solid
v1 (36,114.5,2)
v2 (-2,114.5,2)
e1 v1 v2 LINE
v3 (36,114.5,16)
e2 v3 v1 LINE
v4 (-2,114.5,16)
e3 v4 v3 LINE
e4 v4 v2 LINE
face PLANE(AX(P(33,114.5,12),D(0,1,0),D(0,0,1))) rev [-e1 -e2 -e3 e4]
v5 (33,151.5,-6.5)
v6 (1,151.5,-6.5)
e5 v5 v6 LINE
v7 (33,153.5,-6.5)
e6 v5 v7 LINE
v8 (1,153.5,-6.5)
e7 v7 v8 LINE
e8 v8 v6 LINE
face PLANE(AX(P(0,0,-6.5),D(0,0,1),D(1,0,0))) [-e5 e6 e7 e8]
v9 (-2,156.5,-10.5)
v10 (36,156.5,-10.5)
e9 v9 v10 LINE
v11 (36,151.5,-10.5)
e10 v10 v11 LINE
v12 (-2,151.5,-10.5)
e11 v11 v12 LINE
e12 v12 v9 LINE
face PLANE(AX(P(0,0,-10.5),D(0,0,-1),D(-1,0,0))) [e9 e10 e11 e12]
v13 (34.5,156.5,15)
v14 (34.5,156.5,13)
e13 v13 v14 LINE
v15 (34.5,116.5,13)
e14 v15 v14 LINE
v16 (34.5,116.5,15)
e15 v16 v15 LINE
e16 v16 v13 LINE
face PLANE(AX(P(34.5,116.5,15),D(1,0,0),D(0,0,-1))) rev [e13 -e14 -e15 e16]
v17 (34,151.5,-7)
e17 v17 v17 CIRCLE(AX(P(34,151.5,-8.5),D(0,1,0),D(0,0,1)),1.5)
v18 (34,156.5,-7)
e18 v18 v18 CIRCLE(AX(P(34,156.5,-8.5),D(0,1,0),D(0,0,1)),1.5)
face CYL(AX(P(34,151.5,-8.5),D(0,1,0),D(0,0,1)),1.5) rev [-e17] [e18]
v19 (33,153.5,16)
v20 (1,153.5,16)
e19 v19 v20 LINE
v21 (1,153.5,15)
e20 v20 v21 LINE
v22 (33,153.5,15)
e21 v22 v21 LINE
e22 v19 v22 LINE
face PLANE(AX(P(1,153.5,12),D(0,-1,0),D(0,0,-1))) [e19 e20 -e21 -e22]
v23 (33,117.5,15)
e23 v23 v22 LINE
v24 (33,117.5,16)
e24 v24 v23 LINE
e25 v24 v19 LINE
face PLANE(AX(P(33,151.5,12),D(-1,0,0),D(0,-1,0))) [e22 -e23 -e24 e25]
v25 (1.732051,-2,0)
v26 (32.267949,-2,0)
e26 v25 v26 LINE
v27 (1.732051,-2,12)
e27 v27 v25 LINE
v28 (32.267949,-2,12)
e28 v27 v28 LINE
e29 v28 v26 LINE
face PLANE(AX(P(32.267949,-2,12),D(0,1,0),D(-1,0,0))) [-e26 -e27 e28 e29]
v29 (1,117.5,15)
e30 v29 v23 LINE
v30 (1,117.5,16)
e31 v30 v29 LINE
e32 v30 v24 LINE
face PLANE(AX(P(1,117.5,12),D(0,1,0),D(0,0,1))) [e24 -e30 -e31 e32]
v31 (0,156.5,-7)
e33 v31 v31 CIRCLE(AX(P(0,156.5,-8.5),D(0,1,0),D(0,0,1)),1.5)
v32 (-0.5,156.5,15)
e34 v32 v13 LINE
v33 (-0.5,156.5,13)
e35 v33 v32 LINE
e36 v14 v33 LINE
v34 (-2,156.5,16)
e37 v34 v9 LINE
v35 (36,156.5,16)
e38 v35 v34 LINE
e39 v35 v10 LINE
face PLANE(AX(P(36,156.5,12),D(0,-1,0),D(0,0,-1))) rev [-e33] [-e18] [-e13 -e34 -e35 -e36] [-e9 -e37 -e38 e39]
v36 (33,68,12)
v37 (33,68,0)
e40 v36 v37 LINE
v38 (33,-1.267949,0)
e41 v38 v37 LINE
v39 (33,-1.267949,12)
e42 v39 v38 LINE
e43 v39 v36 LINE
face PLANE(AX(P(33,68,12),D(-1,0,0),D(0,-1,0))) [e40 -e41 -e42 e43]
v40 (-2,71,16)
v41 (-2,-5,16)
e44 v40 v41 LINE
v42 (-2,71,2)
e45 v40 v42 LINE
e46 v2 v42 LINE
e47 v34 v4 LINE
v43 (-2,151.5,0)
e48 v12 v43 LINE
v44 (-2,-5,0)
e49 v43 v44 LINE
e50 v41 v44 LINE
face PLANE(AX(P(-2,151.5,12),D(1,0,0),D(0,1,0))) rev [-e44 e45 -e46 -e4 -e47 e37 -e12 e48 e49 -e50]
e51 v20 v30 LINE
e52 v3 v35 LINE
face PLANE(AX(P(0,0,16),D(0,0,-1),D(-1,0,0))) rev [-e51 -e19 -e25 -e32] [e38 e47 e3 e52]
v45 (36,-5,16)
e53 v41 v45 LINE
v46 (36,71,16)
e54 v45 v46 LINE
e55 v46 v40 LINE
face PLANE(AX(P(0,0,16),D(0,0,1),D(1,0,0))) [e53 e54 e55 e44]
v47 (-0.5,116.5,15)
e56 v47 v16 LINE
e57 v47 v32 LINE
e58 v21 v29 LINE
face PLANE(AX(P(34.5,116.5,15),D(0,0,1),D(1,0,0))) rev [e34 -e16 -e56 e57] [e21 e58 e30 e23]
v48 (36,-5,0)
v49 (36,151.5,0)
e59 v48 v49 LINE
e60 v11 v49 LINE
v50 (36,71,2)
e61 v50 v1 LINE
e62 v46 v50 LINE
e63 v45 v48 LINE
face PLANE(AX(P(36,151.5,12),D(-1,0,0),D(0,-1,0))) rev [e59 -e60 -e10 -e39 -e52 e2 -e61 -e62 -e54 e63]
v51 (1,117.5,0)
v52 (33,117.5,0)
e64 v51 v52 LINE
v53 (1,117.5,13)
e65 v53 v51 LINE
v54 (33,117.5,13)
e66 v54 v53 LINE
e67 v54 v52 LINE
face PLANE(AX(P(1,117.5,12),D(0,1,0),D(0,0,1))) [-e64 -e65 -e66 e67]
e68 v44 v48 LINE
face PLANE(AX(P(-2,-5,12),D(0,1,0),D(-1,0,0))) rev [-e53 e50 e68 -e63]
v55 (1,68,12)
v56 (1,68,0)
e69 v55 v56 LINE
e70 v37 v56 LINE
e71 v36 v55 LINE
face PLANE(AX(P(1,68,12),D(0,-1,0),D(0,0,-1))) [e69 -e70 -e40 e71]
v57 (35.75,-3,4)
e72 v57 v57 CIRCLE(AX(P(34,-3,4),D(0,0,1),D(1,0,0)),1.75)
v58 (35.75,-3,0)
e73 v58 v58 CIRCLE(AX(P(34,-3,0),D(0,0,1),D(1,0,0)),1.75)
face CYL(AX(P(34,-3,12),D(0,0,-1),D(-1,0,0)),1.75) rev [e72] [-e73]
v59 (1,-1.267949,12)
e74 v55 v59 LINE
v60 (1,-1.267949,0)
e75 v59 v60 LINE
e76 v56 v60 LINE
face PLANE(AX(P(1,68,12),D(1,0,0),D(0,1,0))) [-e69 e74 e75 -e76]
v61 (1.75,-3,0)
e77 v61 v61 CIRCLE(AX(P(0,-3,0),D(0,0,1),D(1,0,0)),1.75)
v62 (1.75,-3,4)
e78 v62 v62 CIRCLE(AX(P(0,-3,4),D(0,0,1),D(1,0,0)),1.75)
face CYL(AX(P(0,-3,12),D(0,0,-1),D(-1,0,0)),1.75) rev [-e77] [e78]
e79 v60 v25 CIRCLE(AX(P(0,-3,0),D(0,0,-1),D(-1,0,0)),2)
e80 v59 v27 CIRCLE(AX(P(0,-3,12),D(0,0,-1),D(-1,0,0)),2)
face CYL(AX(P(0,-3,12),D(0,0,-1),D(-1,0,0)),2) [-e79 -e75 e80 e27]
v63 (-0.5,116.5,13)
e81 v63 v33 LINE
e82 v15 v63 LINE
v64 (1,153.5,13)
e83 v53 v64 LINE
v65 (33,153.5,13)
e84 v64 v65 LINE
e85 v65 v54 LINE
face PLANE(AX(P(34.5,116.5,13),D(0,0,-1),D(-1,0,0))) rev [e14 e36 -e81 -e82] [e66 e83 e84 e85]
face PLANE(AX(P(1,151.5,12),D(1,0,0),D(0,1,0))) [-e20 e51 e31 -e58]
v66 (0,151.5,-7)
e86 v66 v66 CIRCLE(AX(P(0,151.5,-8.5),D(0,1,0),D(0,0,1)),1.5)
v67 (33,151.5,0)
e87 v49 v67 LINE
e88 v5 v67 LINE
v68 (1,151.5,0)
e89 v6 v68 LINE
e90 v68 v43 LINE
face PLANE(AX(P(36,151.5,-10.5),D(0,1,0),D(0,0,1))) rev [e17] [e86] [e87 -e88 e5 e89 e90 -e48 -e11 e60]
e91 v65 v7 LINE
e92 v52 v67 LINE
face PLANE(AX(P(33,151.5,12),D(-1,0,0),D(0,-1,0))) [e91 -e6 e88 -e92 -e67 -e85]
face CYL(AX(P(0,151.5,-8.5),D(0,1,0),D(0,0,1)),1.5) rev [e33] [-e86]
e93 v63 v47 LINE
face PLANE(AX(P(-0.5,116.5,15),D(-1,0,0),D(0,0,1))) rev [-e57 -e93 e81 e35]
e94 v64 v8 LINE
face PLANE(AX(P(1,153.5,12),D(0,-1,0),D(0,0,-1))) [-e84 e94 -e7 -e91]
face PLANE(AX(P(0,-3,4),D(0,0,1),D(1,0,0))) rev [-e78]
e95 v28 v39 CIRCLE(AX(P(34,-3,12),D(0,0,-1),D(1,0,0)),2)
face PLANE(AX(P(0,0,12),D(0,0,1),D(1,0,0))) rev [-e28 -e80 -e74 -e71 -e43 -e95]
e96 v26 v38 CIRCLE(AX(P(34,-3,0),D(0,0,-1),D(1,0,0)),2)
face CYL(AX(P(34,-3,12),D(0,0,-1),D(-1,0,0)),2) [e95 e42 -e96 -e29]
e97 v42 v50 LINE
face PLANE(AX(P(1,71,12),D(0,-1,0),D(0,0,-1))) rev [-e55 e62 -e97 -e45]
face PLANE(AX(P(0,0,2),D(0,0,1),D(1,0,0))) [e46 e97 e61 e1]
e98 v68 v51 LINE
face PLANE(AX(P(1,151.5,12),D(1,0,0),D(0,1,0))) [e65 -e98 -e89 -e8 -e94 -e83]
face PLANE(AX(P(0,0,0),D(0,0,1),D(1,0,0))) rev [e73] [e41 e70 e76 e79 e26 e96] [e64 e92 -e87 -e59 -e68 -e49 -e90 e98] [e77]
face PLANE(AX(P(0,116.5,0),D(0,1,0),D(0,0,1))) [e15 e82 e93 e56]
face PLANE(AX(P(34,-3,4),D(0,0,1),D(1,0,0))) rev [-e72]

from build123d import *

# Parameters (mm, degrees)
P_IDAT_VYSUNUT_M1_DEPTH   = 12
SKICA2_R                  = 1.75
P_IDAT_VYSUNUT_M1_2_DEPTH = 12
SKICA3_W                  = 38
SKICA3_H                  = 43.5
P_IDAT_VYSUNUT_M2_DEPTH   = 2
P_IDAT_VYSUNUT_M3_DEPTH   = 10.5
SKICA5_W                  = 38
SKICA5_H                  = 5
P_IDAT_VYSUNUT_M4_DEPTH   = 4
SKICA7_W                  = 38
SKICA7_H                  = 76
P_IDAT_VYSUNUT_M5_DEPTH   = 4
SKICA8_W                  = 38
SKICA8_H                  = 42
SKICA8_W_2                = 32
SKICA8_H_2                = 36
P_IDAT_VYSUNUT_M6_DEPTH   = 4
SKICA9_W                  = 35
SKICA9_H                  = 2
ODEBRAT_VYSUNUT_M2_DEPTH  = 40
ODEBRAT_START             = -5
SKICA11_R                 = 1.5
ODEBRAT_VYSUNUT_M3_DEPTH  = 5
P_IDAT_START              = -12
SKICA13_R                 = 1.75
P_IDAT_VYSUNUT_M7_DEPTH   = 12


with BuildPart() as part:
    # Skica2 → Přidat vysunutím1 (new body)
    with BuildSketch(Plane.XY):
        Polygon((36, 151.5), (36, 114.5), (33, 114.5), (1, 114.5), (-2, 114.5), (-2, 151.5), (-2, 156.5), (36, 156.5), align=None)
        Polygon((33, 151.5), (33, 117.5), (1, 117.5), (1, 151.5), (1, 153.5), (33, 153.5), align=None, mode=Mode.SUBTRACT)
    extrude(amount=P_IDAT_VYSUNUT_M1_DEPTH)



with BuildPart() as body_2:
    # Skica2 → P_idat vysunut_m1 2 (new body)
    with BuildSketch(Plane.XY):
        Polygon((36, -5), (33, -5), (1, -5), (-2, -5), (-2, 71), (1, 71), (33, 71), (36, 71), align=None)
        with Locations((0, -3)):
            Circle(SKICA2_R, mode=Mode.SUBTRACT)
        with Locations((34, -3)):
            Circle(SKICA2_R, mode=Mode.SUBTRACT)
        with BuildLine():
            Line((1, 68), (33, 68))
            Line((33, 68), (33, -1.267949192))
            ThreePointArc((33, -1.267949192), (32.585786438, -1.585786438), (32.267949192, -2))
            Line((32.267949192, -2), (1.732050808, -2))
            ThreePointArc((1.732050808, -2), (1.414213562, -1.585786438), (1, -1.267949192))
            Line((1, -1.267949192), (1, 68))
        make_face(mode=Mode.SUBTRACT)
    extrude(amount=P_IDAT_VYSUNUT_M1_2_DEPTH)


with BuildPart() as part_1:
    add(part.part)

    add(body_2.part)  # Přidat vysunutím2 merges body 2
    # Skica3 → Přidat vysunutím2 (add)
    with BuildSketch(Plane.XY):
        with Locations((17, 92.75)):
            Rectangle(SKICA3_W, SKICA3_H)
    extrude(amount=P_IDAT_VYSUNUT_M2_DEPTH)

    # Skica4 → Přidat vysunutím3 (add)
    with BuildSketch(Plane(origin=(0, 0, 0), x_dir=(-1, 0, 0), z_dir=(0, 0, -1))):
        Polygon((-36, 156.5), (2, 156.5), (2, 154.5), (2, 151.5), (-1, 151.5), (-1, 153.5), (-33, 153.5), (-33, 151.5), (-36, 151.5), (-36, 154.5), align=None)
    extrude(amount=P_IDAT_VYSUNUT_M3_DEPTH)

    # Skica5 → Přidat vysunutím4 (add)
    with BuildSketch(Plane(origin=(0, 0, -10.5), x_dir=(-1, 0, 0), z_dir=(0, 0, -1))):
        with Locations((-17, 154)):
            Rectangle(SKICA5_W, SKICA5_H)
    extrude(amount=-P_IDAT_VYSUNUT_M4_DEPTH)

    # Skica7 → Přidat vysunutím5 (add)
    with BuildSketch(Plane.XY.offset(12)):
        with Locations((17, 33)):
            Rectangle(SKICA7_W, SKICA7_H)
    extrude(amount=P_IDAT_VYSUNUT_M5_DEPTH)

    # Skica8 → Přidat vysunutím6 (add)
    with BuildSketch(Plane.XY.offset(12)):
        with Locations((17, 135.5)):
            Rectangle(SKICA8_W, SKICA8_H)
        with Locations((17, 135.5)):
            Rectangle(SKICA8_W_2, SKICA8_H_2, mode=Mode.SUBTRACT)
    extrude(amount=P_IDAT_VYSUNUT_M6_DEPTH)

    # Skica9 → Odebrat vysunutím2 (cut)
    with BuildSketch(Plane(origin=(0, 156.5, 0), x_dir=(1, 0, 0), z_dir=(0, 1, 0))):
        with Locations((17, -14)):
            Rectangle(SKICA9_W, SKICA9_H)
    extrude(amount=-ODEBRAT_VYSUNUT_M2_DEPTH, mode=Mode.SUBTRACT)

    # Skica11 → Odebrat vysunutím3 (cut)
    with BuildSketch(Plane(origin=(0, 156.5, 0), x_dir=(1, 0, 0), z_dir=(0, 1, 0)).offset(ODEBRAT_START)):
        with Locations(Location((0, 8.5, 0), (0, 0, 270))):
            Circle(SKICA11_R)
        with Locations(Location((34, 8.5, 0), (0, 0, 270))):
            Circle(SKICA11_R)
    extrude(amount=ODEBRAT_VYSUNUT_M3_DEPTH, mode=Mode.SUBTRACT)

    # Skica13 → Přidat vysunutím7 (add)
    with BuildSketch(Plane.XY.offset(16).offset(P_IDAT_START)):
        with Locations((0, -3)):
            Circle(SKICA13_R)
        with Locations((34, -3)):
            Circle(SKICA13_R)
    extrude(amount=P_IDAT_VYSUNUT_M7_DEPTH)


solid = part_1.part
